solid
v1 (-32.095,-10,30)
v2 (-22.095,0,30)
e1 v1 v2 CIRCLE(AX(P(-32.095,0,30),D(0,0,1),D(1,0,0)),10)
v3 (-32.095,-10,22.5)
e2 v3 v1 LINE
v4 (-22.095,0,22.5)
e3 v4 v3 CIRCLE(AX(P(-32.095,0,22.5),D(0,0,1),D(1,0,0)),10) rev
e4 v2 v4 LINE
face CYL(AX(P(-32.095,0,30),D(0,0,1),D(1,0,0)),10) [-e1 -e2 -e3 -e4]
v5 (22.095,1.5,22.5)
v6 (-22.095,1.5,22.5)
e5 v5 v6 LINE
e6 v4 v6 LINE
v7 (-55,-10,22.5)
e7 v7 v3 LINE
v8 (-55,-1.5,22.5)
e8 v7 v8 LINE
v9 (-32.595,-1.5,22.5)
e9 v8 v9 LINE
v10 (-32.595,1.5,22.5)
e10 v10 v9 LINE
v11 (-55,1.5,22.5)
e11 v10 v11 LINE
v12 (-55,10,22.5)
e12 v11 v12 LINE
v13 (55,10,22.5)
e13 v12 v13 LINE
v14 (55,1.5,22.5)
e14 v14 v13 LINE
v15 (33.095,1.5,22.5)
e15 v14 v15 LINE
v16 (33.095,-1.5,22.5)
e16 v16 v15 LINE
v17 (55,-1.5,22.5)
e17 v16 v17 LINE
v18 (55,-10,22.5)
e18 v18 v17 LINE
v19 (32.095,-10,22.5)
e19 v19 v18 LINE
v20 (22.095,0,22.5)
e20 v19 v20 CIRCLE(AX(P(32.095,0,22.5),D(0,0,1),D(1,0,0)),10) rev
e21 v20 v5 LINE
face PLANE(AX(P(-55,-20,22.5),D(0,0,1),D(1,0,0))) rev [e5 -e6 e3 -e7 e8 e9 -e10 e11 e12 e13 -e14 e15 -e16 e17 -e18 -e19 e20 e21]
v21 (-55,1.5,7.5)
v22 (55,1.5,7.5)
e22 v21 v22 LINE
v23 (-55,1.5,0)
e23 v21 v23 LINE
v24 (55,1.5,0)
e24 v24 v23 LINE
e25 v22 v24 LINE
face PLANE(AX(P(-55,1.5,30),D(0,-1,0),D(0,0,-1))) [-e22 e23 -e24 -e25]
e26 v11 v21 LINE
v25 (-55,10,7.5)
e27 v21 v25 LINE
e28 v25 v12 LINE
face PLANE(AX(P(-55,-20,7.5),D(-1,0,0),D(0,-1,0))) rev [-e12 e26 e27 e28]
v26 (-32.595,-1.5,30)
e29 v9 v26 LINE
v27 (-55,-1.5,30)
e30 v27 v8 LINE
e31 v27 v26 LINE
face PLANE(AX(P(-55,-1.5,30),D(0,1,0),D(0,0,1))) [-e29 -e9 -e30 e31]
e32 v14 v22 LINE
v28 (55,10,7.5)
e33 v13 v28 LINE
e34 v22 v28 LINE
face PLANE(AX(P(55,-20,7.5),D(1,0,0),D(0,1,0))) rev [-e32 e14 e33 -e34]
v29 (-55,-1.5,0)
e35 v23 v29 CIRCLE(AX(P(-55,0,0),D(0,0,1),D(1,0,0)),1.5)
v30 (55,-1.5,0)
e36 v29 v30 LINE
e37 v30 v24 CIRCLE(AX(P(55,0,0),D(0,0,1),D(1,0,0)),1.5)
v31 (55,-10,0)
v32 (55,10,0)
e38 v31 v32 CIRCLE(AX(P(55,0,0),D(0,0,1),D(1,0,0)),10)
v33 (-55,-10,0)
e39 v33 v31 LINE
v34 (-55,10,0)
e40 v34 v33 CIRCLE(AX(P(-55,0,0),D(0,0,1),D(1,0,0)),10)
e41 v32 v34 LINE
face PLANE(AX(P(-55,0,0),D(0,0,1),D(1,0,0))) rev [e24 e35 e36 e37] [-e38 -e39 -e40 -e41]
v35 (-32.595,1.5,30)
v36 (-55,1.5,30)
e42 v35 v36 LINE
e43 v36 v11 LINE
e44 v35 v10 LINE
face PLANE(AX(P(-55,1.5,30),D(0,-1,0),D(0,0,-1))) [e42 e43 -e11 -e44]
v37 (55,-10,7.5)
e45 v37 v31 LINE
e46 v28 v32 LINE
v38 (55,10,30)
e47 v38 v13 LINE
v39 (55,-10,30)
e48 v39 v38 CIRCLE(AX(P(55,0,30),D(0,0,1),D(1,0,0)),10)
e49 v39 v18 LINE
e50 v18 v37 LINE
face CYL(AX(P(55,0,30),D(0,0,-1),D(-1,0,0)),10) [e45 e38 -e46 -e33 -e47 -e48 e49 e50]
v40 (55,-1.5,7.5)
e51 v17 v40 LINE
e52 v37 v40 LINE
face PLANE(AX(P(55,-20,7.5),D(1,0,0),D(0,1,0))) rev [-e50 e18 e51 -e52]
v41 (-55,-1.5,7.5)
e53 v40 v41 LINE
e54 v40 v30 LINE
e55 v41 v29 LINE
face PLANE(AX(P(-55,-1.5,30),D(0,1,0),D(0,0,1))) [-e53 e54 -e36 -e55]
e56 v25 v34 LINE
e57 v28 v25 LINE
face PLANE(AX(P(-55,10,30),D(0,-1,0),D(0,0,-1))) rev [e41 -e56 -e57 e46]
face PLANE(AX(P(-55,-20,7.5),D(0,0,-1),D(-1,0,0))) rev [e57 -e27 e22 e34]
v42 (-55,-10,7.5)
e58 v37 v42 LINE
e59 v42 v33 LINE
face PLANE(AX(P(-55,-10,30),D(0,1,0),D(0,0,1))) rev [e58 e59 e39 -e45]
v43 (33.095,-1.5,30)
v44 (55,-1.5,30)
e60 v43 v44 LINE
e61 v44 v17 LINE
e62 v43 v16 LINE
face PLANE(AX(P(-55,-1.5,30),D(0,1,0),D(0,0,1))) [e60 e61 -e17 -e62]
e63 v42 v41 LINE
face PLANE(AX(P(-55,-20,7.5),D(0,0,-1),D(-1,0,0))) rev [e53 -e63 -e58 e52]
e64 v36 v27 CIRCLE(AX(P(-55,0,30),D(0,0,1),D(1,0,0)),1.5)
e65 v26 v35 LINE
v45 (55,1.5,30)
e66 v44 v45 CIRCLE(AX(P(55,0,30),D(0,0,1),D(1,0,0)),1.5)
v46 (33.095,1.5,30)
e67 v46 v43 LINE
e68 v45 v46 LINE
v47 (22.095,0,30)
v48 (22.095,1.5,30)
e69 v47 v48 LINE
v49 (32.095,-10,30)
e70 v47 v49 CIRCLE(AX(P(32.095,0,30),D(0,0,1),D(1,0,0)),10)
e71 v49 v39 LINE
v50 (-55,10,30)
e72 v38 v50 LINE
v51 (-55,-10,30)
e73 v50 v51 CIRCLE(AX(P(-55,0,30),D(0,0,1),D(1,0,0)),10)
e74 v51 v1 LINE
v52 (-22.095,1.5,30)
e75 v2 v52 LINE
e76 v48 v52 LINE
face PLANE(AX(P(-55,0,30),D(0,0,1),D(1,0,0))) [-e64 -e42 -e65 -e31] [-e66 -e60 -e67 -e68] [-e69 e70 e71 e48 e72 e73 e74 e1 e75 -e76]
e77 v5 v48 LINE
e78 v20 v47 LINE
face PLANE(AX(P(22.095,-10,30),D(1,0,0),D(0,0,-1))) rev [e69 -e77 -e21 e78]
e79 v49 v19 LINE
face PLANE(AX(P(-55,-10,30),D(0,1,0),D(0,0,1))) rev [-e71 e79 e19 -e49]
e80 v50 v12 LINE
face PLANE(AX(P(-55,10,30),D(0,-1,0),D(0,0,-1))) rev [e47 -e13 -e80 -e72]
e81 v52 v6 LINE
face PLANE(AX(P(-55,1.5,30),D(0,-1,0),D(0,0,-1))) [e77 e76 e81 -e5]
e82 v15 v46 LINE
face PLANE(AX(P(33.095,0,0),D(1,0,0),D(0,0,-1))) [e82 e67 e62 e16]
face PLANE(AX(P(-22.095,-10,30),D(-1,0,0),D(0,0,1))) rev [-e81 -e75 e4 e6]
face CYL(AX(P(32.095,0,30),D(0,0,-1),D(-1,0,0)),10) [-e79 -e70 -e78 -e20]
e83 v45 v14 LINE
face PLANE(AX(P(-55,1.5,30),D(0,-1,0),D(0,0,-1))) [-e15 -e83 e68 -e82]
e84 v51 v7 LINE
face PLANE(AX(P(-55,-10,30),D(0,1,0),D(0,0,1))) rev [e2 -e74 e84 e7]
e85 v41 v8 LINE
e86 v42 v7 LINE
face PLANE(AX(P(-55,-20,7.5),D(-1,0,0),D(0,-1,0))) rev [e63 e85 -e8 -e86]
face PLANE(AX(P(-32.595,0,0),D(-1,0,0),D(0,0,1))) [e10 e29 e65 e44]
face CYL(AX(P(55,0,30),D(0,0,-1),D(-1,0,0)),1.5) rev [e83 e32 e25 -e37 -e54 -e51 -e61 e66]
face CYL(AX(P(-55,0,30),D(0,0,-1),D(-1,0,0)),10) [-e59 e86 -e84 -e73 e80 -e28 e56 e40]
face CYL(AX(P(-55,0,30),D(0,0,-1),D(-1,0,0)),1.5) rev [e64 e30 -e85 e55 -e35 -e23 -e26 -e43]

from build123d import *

# Parameters (mm, degrees)
BOSS_EXTRU_1_DEPTH      = 30
ESQUISSE2_W             = 110
ESQUISSE2_H             = 15
ENL_V_MAT_EXTRU_1_DEPTH = 30
ENL_V_START             = -10
ESQUISSE3_W             = 44.19
ESQUISSE3_H             = 7.5
ENL_V_MAT_EXTRU_2_DEPTH = 10
ESQUISSE4_W             = 5
ESQUISSE4_H             = 7.5
BOSS_EXTRU_2_DEPTH      = 10
ESQUISSE5_W             = 7.5
ESQUISSE5_H             = 3
BOSS_EXTRU_3_DEPTH      = 6
ESQUISSE6_W             = 7.5
ESQUISSE6_H             = 3
BOSS_EXTRU_4_DEPTH      = 5.5
CONG_1_R                = 10


with BuildPart() as part:
    # Esquisse1 → Boss.-Extru.1 (new body)
    with BuildSketch(Plane.XY):
        with BuildLine():
            Line((-55, 10), (55, 10))
            ThreePointArc((55, 10), (65, 0), (55, -10))
            Line((55, -10), (-55, -10))
            ThreePointArc((-55, -10), (-65, 0), (-55, 10))
        make_face()
        with BuildLine():
            Line((-55, 1.5), (55, 1.5))
            ThreePointArc((55, 1.5), (56.5, 0), (55, -1.5))
            Line((55, -1.5), (-55, -1.5))
            ThreePointArc((-55, -1.5), (-56.5, 0), (-55, 1.5))
        make_face(mode=Mode.SUBTRACT)
    extrude(amount=BOSS_EXTRU_1_DEPTH)

    # Esquisse2 → Enlèv. mat.-Extru.1 (cut)
    with BuildSketch(Plane(origin=(0, 10, 0), x_dir=(1, 0, 0), z_dir=(0, 1, 0))):
        with Locations((0, -15)):
            Rectangle(ESQUISSE2_W, ESQUISSE2_H)
    extrude(amount=-ENL_V_MAT_EXTRU_1_DEPTH, mode=Mode.SUBTRACT)

    # Esquisse3 → Enlèv. mat.-Extru.2 (cut)
    with BuildSketch(Plane(origin=(0, 10, 0), x_dir=(1, 0, 0), z_dir=(0, 1, 0)).offset(ENL_V_START)):
        with Locations((0, -26.25)):
            Rectangle(ESQUISSE3_W, ESQUISSE3_H)
    extrude(amount=-ENL_V_MAT_EXTRU_2_DEPTH, mode=Mode.SUBTRACT)

    # Esquisse4 → Boss.-Extru.2 (add)
    with BuildSketch(Plane(origin=(0, -1.5, 0), x_dir=(1, 0, 0), z_dir=(0, 1, 0))):
        with Locations((-24.595, -26.25)):
            Rectangle(ESQUISSE4_W, ESQUISSE4_H)
        with Locations((24.595, -26.25)):
            Rectangle(ESQUISSE4_W, ESQUISSE4_H)
    extrude(amount=BOSS_EXTRU_2_DEPTH)

    # Esquisse5 → Boss.-Extru.3 (add)
    with BuildSketch(Plane(origin=(27.095, 0, 0), x_dir=(0, 0, -1), z_dir=(1, 0, 0))):
        with Locations((-26.25, 0)):
            Rectangle(ESQUISSE5_W, ESQUISSE5_H)
    extrude(amount=BOSS_EXTRU_3_DEPTH)

    # Esquisse6 → Boss.-Extru.4 (add)
    with BuildSketch(Plane.ZY.offset(27.095)):
        with Locations((26.25, 0)):
            Rectangle(ESQUISSE6_W, ESQUISSE6_H)
    extrude(amount=BOSS_EXTRU_4_DEPTH)

    # Congé1
    cong_1_edges = [part.edges().sort_by_distance(p)[0] for p in [
        (22.095, -10, 26.25),
        (-22.095, -10, 26.25),
    ]]
    fillet(cong_1_edges, radius=CONG_1_R)


solid = part.part
